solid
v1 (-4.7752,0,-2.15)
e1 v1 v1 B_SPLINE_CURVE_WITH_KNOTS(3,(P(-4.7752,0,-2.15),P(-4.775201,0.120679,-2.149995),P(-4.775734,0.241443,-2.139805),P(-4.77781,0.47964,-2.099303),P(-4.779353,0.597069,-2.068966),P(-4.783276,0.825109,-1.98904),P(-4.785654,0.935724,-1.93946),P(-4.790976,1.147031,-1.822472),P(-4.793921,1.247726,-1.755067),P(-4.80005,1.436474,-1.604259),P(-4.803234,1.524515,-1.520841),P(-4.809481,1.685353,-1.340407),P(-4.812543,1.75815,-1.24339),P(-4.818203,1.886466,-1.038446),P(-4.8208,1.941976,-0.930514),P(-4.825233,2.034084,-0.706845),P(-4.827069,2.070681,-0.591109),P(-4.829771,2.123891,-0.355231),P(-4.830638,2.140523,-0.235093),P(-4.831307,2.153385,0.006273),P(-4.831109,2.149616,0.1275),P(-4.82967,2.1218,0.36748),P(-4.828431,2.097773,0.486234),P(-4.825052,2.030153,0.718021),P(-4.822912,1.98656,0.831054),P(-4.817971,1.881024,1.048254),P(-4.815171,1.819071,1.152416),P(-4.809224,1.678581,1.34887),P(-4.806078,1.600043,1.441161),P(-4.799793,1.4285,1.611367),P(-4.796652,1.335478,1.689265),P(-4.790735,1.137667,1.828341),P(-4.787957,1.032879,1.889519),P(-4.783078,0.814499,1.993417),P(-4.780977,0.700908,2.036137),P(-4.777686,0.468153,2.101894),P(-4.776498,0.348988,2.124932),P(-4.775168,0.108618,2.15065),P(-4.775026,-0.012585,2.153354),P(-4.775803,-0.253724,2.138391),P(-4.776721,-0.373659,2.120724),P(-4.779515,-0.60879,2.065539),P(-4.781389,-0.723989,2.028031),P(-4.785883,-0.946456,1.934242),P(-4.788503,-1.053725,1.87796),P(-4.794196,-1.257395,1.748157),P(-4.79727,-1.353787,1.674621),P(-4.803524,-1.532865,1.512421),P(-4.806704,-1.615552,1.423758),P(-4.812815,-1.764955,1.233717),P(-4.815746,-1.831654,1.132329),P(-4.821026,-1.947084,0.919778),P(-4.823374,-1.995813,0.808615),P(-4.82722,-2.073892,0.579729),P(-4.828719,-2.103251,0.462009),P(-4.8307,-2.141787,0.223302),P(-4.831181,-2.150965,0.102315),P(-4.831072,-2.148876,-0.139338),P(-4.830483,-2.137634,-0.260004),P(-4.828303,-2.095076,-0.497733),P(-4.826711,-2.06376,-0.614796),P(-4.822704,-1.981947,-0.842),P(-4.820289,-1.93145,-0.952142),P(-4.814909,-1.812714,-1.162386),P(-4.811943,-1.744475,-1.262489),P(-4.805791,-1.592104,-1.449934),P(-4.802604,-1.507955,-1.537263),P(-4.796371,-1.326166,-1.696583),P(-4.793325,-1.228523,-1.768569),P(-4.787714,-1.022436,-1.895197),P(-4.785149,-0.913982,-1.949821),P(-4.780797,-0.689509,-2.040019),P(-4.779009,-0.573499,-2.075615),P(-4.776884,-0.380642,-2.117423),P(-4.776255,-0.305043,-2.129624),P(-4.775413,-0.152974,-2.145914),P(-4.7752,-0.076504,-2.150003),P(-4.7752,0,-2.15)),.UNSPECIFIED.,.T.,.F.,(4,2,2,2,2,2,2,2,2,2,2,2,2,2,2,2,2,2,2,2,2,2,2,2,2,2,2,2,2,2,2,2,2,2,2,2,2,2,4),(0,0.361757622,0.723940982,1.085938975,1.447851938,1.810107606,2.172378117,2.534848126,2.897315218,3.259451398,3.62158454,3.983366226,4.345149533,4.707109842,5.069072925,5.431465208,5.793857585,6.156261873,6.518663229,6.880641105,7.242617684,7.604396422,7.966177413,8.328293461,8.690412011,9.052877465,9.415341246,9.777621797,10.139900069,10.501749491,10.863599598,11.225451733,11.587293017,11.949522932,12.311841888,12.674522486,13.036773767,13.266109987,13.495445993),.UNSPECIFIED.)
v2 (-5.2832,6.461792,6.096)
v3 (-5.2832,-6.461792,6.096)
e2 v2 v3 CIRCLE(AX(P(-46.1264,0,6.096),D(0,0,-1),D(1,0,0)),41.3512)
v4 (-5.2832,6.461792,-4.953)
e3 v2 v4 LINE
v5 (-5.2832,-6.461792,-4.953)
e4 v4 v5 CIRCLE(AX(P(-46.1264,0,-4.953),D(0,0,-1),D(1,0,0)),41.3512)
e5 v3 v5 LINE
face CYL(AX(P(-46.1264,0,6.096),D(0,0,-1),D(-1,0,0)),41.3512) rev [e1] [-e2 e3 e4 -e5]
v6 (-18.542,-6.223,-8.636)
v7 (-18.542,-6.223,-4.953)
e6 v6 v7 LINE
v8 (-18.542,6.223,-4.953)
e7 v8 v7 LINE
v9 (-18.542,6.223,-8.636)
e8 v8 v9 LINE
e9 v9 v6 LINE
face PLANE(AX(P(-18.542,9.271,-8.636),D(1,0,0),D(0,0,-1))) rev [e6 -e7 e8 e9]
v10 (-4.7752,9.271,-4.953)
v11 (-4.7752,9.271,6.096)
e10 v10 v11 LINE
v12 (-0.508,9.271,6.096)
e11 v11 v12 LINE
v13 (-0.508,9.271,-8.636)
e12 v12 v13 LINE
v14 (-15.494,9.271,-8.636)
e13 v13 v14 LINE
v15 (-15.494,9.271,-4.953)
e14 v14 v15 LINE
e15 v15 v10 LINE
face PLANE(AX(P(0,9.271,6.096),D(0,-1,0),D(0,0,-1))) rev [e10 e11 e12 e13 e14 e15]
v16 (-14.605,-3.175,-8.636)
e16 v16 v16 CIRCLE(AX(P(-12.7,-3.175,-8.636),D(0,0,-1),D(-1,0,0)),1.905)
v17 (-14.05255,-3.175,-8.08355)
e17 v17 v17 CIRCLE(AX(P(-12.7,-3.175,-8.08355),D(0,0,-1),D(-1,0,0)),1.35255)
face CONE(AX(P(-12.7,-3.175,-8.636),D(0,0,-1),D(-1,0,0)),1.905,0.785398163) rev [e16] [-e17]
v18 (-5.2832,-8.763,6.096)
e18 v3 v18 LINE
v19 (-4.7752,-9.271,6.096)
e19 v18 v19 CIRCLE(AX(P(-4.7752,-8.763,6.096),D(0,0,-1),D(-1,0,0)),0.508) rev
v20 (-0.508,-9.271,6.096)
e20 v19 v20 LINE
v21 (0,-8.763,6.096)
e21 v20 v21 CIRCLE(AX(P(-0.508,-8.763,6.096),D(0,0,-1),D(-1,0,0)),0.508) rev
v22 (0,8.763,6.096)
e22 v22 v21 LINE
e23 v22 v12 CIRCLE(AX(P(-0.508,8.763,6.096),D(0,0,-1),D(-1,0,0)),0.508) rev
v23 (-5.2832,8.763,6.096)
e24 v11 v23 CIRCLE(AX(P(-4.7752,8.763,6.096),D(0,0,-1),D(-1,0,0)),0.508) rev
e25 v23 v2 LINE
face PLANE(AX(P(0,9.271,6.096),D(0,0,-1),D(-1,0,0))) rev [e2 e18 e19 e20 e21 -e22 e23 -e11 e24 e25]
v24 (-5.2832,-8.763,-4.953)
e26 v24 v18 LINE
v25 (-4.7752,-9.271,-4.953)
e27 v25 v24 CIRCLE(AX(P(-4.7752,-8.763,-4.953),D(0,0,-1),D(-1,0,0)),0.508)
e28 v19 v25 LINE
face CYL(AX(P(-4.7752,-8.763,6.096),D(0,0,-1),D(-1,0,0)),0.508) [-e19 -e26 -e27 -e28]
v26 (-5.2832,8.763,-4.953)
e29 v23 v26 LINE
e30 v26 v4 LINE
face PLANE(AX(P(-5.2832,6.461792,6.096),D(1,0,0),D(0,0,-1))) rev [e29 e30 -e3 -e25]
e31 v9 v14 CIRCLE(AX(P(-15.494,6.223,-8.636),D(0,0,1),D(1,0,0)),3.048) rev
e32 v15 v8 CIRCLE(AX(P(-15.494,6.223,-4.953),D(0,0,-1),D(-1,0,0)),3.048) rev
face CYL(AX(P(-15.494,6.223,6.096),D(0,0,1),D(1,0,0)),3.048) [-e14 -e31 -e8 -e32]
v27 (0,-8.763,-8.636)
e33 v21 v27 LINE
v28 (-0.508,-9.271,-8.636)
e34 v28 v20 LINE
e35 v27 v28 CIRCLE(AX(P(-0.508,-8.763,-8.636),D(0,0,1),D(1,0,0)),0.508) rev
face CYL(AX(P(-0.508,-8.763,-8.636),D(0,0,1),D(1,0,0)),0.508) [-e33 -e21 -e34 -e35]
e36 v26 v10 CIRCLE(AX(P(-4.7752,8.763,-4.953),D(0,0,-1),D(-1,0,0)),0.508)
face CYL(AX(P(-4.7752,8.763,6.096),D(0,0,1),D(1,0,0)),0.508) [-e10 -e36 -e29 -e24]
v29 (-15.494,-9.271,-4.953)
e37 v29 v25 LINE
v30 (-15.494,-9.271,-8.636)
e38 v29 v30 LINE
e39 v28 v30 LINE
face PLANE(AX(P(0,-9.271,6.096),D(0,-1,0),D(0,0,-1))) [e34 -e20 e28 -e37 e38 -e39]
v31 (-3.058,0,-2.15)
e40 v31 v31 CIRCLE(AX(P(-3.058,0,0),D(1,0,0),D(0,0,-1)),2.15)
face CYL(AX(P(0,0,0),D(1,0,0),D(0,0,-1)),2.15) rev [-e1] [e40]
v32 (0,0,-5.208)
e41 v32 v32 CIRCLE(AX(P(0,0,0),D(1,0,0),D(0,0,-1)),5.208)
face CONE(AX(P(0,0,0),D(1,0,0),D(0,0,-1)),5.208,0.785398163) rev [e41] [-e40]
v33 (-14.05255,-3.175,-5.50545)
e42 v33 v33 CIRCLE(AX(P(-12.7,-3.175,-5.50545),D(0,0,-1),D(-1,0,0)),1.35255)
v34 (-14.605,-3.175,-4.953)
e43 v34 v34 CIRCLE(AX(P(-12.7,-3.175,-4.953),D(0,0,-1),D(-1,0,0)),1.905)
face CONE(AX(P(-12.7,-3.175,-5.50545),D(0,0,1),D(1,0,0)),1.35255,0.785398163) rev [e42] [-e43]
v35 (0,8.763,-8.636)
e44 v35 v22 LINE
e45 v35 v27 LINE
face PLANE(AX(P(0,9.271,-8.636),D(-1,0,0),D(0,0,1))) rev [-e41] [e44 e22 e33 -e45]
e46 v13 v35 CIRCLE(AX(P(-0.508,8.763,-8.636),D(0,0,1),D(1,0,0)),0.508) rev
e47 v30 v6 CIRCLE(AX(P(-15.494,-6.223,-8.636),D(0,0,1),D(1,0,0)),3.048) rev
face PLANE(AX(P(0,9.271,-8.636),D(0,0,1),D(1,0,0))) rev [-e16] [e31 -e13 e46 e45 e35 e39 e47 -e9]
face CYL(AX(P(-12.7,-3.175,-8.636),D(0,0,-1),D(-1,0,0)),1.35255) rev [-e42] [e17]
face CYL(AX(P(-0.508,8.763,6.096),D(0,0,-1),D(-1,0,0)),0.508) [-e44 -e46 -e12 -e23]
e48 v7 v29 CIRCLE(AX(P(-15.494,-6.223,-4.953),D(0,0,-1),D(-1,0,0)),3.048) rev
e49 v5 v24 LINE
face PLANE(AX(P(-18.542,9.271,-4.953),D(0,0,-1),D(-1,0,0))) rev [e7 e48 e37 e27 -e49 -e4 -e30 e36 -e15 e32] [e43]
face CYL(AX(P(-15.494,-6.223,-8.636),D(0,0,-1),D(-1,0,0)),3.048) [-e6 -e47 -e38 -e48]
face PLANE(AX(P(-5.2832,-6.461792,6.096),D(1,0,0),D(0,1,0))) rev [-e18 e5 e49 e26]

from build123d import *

# Parameters (mm, degrees)
BOSS_EXTRUDE1_DEPTH                             = 9.271
CUT_EXTRUDE1_DEPTH                              = 24.491224021
CSK_FOR_M4_FLAT_HEAD_MACHINE_SCREW1_D           = 4.3
CSK_FOR_M4_FLAT_HEAD_MACHINE_SCREW1_CSINK_D     = 10.416
CSK_FOR_M4_FLAT_HEAD_MACHINE_SCREW1_CSINK_ANGLE = 90
FILLET2_R                                       = 3.048
FILLET3_R                                       = 0.508


with BuildPart() as part:
    # Sketch1 → Boss-Extrude1 (new, symmetric)
    with BuildSketch(Plane(origin=(0, 0, 0), x_dir=(1, 0, 0), z_dir=(0, 1, 0))):
        Polygon((-18.542, 4.953), (-7.62, 4.953), (-7.62, -6.096), (0, -6.096), (0, 8.636), (-18.542, 8.636), align=None)
    extrude(amount=BOSS_EXTRUDE1_DEPTH, both=True)

    # Sketch2 → Cut-Extrude1 (cut, through all)
    with BuildSketch(Plane(origin=(0, 0, -4.953), x_dir=(-1, 0, 0), z_dir=(0, 0, -1))):
        with BuildLine():
            Line((5.2832, 6.46179195), (5.2832, 15.24))
            Line((5.2832, 15.24), (52.002170663, 15.24))
            Line((52.002170663, 15.24), (52.002170663, -15.24))
            Line((52.002170663, -15.24), (5.2832, -15.24))
            Line((5.2832, -15.24), (5.2832, -6.46179195))
            ThreePointArc((5.2832, -6.46179195), (4.7752, 0), (5.2832, 6.46179195))
        make_face()
    extrude(amount=-CUT_EXTRUDE1_DEPTH, mode=Mode.SUBTRACT)

    # CSK for M4 Flat Head Machine Screw1 (through all)
    with Locations(Plane(origin=(0, 0, 0), x_dir=(0, 0, -1), z_dir=(1, 0, 0))):
        with Locations((0, 0)):
            CounterSinkHole(CSK_FOR_M4_FLAT_HEAD_MACHINE_SCREW1_D / 2, CSK_FOR_M4_FLAT_HEAD_MACHINE_SCREW1_CSINK_D / 2, counter_sink_angle=CSK_FOR_M4_FLAT_HEAD_MACHINE_SCREW1_CSINK_ANGLE)

    # Sketch5 → #6-32 Tapped Hole1 (revolve, cut)
    with BuildSketch(Plane(origin=(-12.7, -3.175, -8.636), x_dir=(0, 1, 0), z_dir=(1, 0, 0))):
        Polygon((0, 0), (0, 3.683), (1.905, 3.683), (1.35255, 3.13055), (1.35255, 0.55245), (1.905, 0), align=None)
    revolve(axis=Axis((-12.7, -3.175, -14.986), (0, 0, 1)), mode=Mode.SUBTRACT)

    # Fillet2
    fillet2_edges = [part.edges().sort_by_distance(p)[0] for p in [
        (-18.542, 9.271, -6.7945),
        (-18.542, -9.271, -6.7945),
    ]]
    fillet(fillet2_edges, radius=FILLET2_R)

    # Fillet3
    fillet3_edges = [part.edges().sort_by_distance(p)[0] for p in [
        (-5.2832, -9.271, 0.5715),
        (-5.2832, 9.271, 0.5715),
        (0, 9.271, -1.27),
        (0, -9.271, -1.27),
    ]]
    fillet(fillet3_edges, radius=FILLET3_R)


solid = part.part
